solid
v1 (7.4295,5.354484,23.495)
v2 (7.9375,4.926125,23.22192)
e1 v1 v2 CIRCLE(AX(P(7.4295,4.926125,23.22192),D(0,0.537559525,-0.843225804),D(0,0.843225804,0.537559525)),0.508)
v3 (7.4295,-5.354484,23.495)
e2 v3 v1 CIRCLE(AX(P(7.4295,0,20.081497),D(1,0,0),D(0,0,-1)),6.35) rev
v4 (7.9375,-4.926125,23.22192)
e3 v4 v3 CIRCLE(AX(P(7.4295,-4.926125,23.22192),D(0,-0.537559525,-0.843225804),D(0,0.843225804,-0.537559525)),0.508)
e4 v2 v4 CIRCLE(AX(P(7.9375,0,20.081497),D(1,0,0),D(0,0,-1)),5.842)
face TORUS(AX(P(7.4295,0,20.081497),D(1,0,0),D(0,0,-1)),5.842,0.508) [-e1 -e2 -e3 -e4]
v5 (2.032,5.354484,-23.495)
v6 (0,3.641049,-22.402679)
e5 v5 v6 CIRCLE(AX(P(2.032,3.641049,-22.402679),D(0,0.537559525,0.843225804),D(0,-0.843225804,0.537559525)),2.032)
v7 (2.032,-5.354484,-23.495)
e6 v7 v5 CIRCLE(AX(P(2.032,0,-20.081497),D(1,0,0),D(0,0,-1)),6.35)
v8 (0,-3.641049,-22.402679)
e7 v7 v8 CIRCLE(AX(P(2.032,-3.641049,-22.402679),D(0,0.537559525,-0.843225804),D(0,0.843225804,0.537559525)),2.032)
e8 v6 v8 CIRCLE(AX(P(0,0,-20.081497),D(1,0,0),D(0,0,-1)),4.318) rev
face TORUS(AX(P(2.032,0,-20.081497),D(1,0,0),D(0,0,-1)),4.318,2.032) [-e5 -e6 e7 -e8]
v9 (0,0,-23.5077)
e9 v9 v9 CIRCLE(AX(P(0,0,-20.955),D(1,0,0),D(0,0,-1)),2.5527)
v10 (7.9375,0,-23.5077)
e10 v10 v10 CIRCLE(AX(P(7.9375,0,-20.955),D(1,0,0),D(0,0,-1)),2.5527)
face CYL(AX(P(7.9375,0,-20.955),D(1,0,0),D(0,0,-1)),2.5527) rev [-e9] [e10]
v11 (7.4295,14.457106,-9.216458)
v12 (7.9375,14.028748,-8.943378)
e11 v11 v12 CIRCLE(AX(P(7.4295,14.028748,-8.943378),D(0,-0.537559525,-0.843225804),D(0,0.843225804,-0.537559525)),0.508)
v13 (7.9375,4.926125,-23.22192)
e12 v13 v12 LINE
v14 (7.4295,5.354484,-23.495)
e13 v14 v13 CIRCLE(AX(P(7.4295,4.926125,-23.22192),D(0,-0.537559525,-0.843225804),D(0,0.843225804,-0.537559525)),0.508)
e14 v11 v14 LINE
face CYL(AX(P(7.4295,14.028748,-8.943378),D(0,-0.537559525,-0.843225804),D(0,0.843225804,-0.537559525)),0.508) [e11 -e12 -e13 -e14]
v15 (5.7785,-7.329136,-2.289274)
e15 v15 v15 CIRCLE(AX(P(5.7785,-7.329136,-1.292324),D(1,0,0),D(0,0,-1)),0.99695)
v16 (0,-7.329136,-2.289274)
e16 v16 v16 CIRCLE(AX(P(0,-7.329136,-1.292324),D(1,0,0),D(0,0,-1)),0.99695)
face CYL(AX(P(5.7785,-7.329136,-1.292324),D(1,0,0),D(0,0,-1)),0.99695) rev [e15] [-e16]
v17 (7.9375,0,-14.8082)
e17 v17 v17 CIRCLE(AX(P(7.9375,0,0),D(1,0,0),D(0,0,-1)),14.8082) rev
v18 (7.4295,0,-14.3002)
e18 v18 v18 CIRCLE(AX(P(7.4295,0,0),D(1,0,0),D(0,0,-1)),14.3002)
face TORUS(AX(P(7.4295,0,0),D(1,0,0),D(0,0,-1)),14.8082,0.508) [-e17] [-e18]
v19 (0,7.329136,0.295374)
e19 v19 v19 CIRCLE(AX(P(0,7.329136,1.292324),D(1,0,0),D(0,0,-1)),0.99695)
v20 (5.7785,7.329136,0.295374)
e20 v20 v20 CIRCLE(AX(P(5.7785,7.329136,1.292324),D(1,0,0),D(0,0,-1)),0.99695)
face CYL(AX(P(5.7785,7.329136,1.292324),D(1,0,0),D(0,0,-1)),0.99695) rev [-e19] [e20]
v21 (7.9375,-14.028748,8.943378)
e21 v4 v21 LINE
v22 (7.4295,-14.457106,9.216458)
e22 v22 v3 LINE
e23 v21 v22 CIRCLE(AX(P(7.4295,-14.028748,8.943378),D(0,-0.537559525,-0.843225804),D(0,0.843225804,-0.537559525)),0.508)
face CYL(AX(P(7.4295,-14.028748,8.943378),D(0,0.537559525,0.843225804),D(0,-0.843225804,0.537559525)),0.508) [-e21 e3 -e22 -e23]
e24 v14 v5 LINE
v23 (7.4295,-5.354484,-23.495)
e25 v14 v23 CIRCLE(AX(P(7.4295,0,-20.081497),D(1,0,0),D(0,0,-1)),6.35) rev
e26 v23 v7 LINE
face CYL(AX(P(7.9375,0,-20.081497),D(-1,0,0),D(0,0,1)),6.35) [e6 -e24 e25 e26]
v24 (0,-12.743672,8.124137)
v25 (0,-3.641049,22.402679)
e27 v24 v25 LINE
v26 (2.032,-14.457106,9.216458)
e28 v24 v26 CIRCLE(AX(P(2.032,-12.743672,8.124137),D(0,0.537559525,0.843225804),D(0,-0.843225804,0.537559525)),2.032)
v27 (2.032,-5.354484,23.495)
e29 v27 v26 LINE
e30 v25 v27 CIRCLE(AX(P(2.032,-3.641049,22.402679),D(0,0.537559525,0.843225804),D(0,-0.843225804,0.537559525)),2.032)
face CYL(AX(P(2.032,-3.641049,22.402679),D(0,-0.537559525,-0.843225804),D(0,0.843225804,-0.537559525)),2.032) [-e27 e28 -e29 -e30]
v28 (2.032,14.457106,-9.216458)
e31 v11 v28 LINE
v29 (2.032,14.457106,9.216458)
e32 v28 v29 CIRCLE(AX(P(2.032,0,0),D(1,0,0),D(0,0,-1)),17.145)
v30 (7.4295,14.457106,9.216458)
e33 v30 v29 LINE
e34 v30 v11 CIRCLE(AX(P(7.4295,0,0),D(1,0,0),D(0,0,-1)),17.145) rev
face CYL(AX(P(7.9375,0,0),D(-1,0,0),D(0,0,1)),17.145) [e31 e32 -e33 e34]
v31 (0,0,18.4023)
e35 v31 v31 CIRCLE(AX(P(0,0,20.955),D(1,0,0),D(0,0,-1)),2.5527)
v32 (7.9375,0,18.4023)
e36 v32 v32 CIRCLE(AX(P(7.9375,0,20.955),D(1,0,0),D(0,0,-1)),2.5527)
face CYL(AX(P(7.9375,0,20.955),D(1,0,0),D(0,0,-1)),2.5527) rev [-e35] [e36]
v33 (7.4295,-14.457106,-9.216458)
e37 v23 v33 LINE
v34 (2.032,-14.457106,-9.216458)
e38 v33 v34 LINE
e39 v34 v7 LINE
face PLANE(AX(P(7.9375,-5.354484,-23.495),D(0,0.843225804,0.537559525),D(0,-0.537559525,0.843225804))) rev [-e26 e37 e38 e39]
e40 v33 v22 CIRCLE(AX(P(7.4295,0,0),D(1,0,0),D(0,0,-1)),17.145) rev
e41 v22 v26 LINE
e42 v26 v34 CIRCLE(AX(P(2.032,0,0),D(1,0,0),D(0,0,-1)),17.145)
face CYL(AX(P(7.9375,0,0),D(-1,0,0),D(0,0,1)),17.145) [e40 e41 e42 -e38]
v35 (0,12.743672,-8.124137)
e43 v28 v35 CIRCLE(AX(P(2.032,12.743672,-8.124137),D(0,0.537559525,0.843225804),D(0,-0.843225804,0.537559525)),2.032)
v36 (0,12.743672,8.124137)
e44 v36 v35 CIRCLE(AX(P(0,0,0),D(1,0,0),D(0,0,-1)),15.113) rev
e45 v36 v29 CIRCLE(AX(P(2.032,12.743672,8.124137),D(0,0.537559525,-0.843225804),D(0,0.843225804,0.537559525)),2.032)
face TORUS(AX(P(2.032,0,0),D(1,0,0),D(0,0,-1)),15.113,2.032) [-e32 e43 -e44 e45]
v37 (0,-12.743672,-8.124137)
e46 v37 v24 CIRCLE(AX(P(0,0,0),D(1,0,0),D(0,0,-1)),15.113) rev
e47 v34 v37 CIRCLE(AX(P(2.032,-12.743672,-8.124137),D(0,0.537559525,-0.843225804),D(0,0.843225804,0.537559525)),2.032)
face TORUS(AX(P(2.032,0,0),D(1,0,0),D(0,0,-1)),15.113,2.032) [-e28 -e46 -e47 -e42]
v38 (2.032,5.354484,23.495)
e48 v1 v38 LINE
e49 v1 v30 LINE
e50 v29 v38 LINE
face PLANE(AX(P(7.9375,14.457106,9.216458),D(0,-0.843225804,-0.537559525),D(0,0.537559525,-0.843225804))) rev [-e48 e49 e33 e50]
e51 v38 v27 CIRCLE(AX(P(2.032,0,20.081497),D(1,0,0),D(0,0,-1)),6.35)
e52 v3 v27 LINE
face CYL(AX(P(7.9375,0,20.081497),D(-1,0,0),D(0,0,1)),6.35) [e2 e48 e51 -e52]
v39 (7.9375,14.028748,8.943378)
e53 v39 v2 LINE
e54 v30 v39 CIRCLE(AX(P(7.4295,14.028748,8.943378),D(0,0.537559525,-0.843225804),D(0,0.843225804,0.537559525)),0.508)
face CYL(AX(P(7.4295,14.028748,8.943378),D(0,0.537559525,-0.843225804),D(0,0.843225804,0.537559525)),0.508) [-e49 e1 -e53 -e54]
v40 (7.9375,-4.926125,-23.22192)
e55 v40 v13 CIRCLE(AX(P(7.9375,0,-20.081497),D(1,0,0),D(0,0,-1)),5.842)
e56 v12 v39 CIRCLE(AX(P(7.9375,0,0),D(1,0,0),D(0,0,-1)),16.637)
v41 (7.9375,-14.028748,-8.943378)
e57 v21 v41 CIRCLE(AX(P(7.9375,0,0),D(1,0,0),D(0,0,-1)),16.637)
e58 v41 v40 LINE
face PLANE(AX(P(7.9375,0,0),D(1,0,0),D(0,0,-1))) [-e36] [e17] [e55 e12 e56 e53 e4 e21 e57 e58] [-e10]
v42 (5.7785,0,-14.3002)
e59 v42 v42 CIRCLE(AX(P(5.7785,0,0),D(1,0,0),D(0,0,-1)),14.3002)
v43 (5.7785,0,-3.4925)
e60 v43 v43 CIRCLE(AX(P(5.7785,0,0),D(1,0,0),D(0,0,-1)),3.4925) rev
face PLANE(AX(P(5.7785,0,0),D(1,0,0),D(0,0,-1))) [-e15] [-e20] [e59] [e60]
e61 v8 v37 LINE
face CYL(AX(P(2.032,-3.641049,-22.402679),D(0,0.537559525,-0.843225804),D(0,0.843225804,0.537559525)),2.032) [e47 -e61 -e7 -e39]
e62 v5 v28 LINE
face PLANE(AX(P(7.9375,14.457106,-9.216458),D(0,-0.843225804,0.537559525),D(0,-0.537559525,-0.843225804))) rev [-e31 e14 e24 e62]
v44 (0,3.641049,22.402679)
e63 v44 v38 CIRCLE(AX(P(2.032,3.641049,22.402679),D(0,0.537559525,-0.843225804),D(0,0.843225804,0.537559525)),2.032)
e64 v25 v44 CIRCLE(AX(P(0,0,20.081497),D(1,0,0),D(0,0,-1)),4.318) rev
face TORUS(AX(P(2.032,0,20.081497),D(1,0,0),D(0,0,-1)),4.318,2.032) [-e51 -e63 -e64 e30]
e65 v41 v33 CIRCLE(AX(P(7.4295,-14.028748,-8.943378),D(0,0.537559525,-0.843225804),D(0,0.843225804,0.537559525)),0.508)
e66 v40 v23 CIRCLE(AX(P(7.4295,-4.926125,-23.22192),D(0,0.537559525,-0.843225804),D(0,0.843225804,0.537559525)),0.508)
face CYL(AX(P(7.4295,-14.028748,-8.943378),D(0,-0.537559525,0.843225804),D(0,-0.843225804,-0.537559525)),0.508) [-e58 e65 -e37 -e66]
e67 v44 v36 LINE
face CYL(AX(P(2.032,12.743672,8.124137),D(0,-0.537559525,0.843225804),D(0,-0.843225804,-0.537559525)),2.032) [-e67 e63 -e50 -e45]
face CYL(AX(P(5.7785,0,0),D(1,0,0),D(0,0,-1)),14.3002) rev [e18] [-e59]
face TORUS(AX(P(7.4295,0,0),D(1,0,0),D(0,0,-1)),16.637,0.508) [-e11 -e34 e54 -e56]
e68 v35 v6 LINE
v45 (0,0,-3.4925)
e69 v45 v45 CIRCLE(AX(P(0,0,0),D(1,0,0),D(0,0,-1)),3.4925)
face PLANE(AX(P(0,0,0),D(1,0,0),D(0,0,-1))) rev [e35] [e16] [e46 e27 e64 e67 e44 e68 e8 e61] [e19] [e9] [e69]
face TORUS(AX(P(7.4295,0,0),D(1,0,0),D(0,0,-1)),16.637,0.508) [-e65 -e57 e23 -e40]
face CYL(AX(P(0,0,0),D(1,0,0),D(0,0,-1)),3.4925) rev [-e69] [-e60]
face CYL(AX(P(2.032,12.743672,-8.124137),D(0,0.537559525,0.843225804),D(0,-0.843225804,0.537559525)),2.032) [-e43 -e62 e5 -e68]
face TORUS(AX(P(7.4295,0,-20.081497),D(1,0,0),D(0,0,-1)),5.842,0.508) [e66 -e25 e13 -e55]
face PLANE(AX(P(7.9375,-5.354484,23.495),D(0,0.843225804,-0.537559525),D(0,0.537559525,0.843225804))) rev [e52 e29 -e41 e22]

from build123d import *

# Parameters (mm, degrees)
BOSS_EXTRUDE3_DEPTH       = 7.9375
SKETCH5_R                 = 3.4925
CUT_EXTRUDE4_DEPTH        = 33.489674755
SKETCH6_R                 = 14.3002
CUT_EXTRUDE5_DEPTH        = 2.159
TAP_DRILL_FOR_3_48_TAP2_D = 1.9939
F_10_CLEARANCE_HOLE1_D    = 5.1054
FILLET1_R                 = 2.032
FILLET2_R                 = 0.508


with BuildPart() as part:
    # Sketch1 → Boss-Extrude3 (new body)
    with BuildSketch(Plane(origin=(0, 0, 0), x_dir=(0, 0, -1), z_dir=(1, 0, 0))):
        with BuildLine():
            Line((9.216458059, 14.457106413), (23.495, 5.354483857))
            ThreePointArc((23.495, 5.354483857), (26.431497015, 0), (23.495, -5.354483857))
            Line((23.495, -5.354483857), (9.216458059, -14.457106413))
            ThreePointArc((9.216458059, -14.457106413), (0, -17.145), (-9.216458059, -14.457106413))
            Line((-9.216458059, -14.457106413), (-23.495, -5.354483857))
            ThreePointArc((-23.495, -5.354483857), (-26.431497015, 0), (-23.495, 5.354483857))
            Line((-23.495, 5.354483857), (-9.216458059, 14.457106413))
            ThreePointArc((-9.216458059, 14.457106413), (0, 17.145), (9.216458059, 14.457106413))
        make_face()
    extrude(amount=BOSS_EXTRUDE3_DEPTH)

    # Sketch5 → Cut-Extrude4 (cut, through all)
    with BuildSketch(Plane(origin=(7.9375, 0, 0), x_dir=(0, 0, -1), z_dir=(1, 0, 0))):
        Circle(SKETCH5_R)
    extrude(amount=-CUT_EXTRUDE4_DEPTH, mode=Mode.SUBTRACT)

    # Sketch6 → Cut-Extrude5 (cut)
    with BuildSketch(Plane(origin=(7.9375, 0, 0), x_dir=(0, 0, -1), z_dir=(1, 0, 0))):
        Circle(SKETCH6_R)
    extrude(amount=-CUT_EXTRUDE5_DEPTH, mode=Mode.SUBTRACT)

    # Tap Drill for #3-48 Tap2 (through all)
    with Locations(Plane(origin=(5.7785, 0, 0), x_dir=(0, 0, -1), z_dir=(1, 0, 0))):
        with Locations((-1.292324468, 7.329136259), (1.292324468, -7.329136259)):
            Hole(TAP_DRILL_FOR_3_48_TAP2_D / 2)

    # #10 Clearance Hole1 (through all)
    with Locations(Plane(origin=(7.9375, 0, 0), x_dir=(0, 0, -1), z_dir=(1, 0, 0))):
        with Locations((-20.955, 0), (20.955, 0), (9.900488765, 18.695562828)):
            Hole(F_10_CLEARANCE_HOLE1_D / 2)

    # Fillet1
    fillet1_edges = [part.edges().sort_by_distance(p)[0] for p in [
        (0, 9.905795135, 16.355729029),
        (0, 17.145, 0),
        (0, 9.905795135, -16.355729029),
        (0, 0, -26.431497015),
        (0, -9.905795135, -16.355729029),
        (0, -17.145, 0),
        (0, -9.905795135, 16.355729029),
        (0, 0, 26.431497015),
    ]]
    fillet(fillet1_edges, radius=FILLET1_R)

    # Fillet2
    fillet2_edges = [part.edges().sort_by_distance(p)[0] for p in [
        (7.9375, 0, 26.431497015),
        (7.9375, -9.905795135, 16.355729029),
        (7.9375, -17.145, 0),
        (7.9375, -9.905795135, -16.355729029),
        (7.9375, 0, -26.431497015),
        (7.9375, 9.905795135, -16.355729029),
        (7.9375, 0, 14.3002),
        (7.9375, 17.145, 0),
        (7.9375, 9.905795135, 16.355729029),
    ]]
    fillet(fillet2_edges, radius=FILLET2_R)


solid = part.part
